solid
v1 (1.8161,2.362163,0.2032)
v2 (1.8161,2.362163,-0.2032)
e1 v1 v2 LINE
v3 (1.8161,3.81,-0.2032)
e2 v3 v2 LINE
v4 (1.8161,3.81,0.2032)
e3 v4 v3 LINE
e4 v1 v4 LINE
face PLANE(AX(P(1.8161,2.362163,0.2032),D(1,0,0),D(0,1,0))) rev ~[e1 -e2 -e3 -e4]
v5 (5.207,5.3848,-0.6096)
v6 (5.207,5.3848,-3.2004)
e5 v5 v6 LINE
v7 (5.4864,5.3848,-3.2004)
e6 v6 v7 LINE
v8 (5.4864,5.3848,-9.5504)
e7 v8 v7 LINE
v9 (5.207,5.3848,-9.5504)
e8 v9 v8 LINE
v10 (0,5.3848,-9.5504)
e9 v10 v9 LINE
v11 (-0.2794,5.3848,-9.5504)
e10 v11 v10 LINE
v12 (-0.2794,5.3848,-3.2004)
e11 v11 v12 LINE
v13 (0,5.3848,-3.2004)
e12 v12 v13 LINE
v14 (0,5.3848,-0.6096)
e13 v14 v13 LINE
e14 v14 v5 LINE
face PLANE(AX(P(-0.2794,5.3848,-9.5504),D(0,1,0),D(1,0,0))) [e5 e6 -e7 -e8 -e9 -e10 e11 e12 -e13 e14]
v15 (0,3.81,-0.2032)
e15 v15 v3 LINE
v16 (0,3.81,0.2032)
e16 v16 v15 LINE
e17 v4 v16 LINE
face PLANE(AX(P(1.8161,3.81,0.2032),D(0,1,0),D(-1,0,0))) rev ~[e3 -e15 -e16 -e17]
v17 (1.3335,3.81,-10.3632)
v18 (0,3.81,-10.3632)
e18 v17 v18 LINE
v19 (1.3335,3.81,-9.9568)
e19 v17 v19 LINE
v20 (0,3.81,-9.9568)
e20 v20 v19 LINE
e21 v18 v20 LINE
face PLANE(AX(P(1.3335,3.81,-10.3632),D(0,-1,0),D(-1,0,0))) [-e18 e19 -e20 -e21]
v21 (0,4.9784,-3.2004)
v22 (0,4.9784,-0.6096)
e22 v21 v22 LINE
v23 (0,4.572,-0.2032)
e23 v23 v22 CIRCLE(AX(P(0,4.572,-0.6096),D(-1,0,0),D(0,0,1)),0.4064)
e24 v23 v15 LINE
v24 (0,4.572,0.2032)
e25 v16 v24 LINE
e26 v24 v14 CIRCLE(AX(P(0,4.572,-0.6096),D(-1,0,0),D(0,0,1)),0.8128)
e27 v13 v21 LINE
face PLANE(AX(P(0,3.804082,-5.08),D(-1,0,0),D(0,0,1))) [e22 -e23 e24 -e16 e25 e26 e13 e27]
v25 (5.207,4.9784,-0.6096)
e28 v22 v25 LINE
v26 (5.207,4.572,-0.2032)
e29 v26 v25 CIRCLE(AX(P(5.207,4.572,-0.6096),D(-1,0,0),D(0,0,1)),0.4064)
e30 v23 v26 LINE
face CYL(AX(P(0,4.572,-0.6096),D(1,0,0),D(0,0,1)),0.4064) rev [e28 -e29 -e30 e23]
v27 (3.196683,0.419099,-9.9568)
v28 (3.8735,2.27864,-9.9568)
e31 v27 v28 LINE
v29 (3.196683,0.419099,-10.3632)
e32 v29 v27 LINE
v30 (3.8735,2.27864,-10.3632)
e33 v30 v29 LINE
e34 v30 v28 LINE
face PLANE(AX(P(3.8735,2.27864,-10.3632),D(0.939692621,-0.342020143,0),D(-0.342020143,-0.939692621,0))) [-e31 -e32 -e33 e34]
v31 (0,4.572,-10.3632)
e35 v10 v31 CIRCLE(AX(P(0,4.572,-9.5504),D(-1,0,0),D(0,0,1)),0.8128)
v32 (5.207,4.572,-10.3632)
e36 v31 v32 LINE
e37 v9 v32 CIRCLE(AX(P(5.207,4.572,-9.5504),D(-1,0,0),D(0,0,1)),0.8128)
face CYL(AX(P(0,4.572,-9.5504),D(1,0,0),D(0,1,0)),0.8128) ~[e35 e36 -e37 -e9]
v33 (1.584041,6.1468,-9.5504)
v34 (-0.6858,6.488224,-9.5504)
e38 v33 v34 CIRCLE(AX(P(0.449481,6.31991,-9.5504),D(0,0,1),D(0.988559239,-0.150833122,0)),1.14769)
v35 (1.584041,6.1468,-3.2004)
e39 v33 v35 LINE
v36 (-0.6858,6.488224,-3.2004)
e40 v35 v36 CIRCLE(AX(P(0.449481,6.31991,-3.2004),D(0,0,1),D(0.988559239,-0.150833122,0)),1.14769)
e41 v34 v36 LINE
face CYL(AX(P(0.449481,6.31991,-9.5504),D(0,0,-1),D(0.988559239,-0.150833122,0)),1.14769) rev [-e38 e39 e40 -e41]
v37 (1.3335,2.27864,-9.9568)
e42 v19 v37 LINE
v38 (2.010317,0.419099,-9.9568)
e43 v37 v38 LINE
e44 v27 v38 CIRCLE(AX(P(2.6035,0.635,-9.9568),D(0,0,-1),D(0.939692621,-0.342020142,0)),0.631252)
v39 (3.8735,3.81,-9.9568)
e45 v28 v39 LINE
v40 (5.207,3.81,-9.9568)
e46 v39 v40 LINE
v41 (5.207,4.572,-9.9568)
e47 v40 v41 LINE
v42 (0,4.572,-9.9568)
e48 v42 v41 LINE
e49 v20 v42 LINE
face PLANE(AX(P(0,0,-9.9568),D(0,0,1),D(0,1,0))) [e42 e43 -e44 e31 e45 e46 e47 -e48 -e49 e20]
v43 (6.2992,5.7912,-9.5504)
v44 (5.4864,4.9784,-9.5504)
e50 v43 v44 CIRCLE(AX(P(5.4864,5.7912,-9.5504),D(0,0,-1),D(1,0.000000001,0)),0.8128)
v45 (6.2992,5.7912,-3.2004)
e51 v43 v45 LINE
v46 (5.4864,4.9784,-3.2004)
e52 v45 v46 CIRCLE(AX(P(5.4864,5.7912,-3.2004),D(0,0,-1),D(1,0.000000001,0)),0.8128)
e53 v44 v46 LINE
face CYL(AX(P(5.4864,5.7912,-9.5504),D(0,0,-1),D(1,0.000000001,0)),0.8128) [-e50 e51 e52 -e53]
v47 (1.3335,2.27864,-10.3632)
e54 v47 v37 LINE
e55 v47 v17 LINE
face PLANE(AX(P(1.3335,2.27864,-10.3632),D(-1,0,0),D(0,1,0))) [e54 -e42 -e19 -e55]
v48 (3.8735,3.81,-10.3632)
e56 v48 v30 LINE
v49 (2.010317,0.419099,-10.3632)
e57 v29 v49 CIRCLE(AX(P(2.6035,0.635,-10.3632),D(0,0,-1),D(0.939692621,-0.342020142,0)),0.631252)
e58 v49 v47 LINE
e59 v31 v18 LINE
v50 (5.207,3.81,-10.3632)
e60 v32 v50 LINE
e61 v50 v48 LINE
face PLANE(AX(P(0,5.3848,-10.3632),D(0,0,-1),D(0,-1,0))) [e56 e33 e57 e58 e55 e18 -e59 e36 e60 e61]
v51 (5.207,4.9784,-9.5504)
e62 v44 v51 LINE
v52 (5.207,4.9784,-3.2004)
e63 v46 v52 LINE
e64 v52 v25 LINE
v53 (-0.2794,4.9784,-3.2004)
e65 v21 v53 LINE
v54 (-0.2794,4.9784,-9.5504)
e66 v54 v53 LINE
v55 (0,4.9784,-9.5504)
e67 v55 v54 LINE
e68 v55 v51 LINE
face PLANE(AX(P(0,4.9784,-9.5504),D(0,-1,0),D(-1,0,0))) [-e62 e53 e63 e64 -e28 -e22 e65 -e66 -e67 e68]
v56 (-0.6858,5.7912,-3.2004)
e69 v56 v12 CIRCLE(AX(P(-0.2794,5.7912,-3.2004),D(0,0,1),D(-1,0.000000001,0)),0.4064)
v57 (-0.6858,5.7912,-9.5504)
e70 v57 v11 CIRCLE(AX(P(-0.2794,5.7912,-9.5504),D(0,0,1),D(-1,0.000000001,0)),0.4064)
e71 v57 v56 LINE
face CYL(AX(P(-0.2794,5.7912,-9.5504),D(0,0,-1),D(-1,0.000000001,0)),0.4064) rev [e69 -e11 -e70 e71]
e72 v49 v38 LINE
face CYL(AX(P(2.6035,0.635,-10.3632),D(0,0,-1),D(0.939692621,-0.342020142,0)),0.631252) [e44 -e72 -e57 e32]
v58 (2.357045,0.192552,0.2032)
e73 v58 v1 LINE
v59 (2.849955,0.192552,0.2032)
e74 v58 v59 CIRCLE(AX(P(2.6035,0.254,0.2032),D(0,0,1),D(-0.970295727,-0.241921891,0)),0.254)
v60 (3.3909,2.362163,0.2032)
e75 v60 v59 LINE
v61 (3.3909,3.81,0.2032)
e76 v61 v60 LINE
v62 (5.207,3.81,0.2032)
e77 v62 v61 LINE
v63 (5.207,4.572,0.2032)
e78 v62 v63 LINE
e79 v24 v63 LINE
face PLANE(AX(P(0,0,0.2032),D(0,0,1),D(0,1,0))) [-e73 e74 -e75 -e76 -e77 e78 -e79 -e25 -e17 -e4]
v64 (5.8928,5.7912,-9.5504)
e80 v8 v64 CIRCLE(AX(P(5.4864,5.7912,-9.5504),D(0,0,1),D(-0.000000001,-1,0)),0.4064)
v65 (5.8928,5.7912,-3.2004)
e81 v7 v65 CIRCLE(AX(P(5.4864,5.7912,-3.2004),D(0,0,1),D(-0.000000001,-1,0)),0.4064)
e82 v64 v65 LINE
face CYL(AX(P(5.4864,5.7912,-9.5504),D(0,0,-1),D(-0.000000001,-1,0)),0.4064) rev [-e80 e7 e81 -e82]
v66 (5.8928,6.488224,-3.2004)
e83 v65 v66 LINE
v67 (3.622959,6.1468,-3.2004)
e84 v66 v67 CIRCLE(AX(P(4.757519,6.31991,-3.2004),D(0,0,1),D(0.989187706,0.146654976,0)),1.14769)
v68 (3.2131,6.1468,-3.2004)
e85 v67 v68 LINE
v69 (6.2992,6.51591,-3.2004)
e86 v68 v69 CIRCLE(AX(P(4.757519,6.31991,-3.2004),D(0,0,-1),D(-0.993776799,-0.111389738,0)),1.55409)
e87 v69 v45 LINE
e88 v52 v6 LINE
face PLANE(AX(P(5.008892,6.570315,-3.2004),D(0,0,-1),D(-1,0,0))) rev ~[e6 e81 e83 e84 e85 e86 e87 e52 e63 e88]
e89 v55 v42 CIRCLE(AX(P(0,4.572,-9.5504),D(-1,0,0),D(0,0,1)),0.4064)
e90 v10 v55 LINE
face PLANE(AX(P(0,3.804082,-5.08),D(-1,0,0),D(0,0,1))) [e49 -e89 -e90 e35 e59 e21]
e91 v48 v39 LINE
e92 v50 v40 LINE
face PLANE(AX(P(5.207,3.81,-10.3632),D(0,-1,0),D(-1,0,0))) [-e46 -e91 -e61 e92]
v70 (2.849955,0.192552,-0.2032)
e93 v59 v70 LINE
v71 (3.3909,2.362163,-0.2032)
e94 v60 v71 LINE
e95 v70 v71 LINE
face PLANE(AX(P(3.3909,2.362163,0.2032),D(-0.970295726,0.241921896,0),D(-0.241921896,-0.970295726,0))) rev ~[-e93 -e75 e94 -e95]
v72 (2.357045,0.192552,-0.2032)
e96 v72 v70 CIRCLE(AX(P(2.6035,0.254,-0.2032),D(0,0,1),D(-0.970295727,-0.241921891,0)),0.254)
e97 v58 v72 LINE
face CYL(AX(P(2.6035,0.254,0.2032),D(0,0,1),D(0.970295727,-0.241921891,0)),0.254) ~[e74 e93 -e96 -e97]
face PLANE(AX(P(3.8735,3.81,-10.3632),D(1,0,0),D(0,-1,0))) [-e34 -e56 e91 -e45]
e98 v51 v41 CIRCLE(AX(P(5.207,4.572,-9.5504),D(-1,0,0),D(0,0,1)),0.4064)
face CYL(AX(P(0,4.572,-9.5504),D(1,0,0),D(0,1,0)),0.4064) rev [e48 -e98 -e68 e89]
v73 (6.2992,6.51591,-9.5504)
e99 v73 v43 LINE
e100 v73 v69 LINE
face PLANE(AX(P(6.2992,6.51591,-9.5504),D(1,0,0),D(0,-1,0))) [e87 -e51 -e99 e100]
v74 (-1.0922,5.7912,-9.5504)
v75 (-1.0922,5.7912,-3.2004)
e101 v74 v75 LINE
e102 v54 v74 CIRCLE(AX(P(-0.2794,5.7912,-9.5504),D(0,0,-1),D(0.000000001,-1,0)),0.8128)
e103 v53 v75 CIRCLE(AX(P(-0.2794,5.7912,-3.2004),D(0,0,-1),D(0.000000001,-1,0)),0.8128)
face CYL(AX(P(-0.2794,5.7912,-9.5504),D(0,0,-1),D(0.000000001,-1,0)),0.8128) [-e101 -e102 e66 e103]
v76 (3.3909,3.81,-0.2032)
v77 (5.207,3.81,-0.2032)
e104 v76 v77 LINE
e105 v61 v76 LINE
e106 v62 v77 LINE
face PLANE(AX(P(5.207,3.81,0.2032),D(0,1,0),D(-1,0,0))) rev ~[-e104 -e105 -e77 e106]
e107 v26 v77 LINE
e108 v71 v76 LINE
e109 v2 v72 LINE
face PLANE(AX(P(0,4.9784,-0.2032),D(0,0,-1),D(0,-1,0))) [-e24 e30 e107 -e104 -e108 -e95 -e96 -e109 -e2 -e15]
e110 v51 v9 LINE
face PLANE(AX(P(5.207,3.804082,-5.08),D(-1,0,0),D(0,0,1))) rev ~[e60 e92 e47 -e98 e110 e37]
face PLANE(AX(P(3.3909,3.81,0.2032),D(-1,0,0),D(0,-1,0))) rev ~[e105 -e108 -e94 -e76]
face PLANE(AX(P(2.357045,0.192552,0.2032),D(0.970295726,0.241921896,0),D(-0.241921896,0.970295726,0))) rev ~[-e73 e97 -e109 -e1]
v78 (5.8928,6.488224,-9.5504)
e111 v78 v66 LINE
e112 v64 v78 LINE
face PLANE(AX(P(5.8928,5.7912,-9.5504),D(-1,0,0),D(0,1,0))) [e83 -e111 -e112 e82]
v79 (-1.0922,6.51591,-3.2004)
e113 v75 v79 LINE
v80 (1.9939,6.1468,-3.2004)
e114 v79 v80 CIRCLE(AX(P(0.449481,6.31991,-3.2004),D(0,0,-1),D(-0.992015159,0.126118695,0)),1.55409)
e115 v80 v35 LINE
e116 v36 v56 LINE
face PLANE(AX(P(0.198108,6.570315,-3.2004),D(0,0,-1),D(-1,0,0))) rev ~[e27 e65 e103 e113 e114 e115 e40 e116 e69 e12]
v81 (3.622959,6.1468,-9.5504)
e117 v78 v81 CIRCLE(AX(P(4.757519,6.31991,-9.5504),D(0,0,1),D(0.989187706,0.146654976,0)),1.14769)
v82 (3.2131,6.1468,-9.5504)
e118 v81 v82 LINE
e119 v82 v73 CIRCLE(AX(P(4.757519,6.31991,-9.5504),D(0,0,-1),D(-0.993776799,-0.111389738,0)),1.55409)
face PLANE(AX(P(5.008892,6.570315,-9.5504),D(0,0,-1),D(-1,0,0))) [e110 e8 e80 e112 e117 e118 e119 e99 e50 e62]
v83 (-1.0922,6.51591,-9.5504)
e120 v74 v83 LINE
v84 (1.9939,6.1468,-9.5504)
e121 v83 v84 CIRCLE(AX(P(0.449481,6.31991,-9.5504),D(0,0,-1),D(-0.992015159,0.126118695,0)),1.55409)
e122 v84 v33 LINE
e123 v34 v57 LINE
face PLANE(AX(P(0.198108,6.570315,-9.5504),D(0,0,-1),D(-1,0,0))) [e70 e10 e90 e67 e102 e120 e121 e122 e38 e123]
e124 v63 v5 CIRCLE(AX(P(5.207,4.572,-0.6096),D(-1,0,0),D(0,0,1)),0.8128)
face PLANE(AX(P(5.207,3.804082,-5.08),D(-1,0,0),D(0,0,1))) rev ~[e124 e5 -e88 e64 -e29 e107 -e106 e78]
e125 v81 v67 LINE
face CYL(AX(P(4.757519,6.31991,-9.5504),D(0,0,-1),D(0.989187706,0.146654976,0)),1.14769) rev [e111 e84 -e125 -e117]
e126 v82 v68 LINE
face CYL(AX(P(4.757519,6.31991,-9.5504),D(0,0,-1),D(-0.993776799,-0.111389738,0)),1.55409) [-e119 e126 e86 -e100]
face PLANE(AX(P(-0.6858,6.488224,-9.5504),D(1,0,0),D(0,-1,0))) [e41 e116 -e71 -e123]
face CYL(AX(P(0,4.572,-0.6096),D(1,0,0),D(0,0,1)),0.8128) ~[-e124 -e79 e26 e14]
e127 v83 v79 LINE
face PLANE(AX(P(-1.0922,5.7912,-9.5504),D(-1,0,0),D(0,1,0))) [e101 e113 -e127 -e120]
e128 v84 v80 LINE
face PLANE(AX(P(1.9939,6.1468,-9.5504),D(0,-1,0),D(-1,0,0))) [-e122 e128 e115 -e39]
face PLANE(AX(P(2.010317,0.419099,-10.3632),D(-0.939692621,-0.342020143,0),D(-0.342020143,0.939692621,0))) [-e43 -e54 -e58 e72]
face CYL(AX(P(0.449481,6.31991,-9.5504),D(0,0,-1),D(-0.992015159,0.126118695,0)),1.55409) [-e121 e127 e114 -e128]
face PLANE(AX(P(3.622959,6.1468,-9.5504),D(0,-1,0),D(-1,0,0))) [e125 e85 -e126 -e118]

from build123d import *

# Parameters (mm, degrees)
BOSS_EXTRUDE1_DEPTH = 5.207
CUT_EXTRUDE1_DEPTH  = 5.207
CUT_EXTRUDE2_DEPTH  = 5.207
FILLET1_R           = 0.4064
FILLET2_R           = 0.8128
BOSS_EXTRUDE2_DEPTH = 6.35


with BuildPart() as part:
    # Sketch1 → Boss-Extrude1 (new body)
    with BuildSketch(Plane(origin=(0, 0, 0), x_dir=(0, 0, -1), z_dir=(1, 0, 0))):
        Polygon((-0.2032, 0), (-0.2032, 5.3848), (10.3632, 5.3848), (10.3632, 0), (9.9568, 0), (9.9568, 4.9784), (0.2032, 4.9784), (0.2032, 0), align=None)
    extrude(amount=BOSS_EXTRUDE1_DEPTH)

    # Sketch2 → Cut-Extrude1 (cut)
    with BuildSketch(Plane(origin=(0, 0, -10.3632), x_dir=(-1, 0, 0), z_dir=(0, 0, -1))):
        with BuildLine():
            Line((-1.3335, 2.278639677), (-1.3335, 3.81))
            Line((-1.3335, 3.81), (0, 3.81))
            Line((0, 3.81), (0, -0.271412918))
            Line((0, -0.271412918), (-5.207, -0.271412918))
            Line((-5.207, -0.271412918), (-5.207, 3.81))
            Line((-5.207, 3.81), (-3.8735, 3.81))
            Line((-3.8735, 3.81), (-3.8735, 2.278639677))
            Line((-3.8735, 2.278639677), (-3.196682612, 0.419099186))
            ThreePointArc((-3.196682612, 0.419099186), (-2.6035, 0.003748249), (-2.010317388, 0.419099186))
            Line((-2.010317388, 0.419099186), (-1.3335, 2.278639677))
        make_face()
    extrude(amount=-CUT_EXTRUDE1_DEPTH, mode=Mode.SUBTRACT)

    # Sketch4 → Cut-Extrude2 (cut)
    with BuildSketch(Plane.XY.offset(0.2032)):
        with BuildLine():
            Line((0, 3.81), (0, -0.293581738))
            Line((0, -0.293581738), (5.207, -0.293581738))
            Line((5.207, -0.293581738), (5.207, 3.81))
            Line((5.207, 3.81), (3.3909, 3.81))
            Line((3.3909, 3.81), (3.3909, 2.362163271))
            Line((3.3909, 2.362163271), (2.849955114, 0.192551839))
            ThreePointArc((2.849955114, 0.192551839), (2.6035, 0), (2.357044886, 0.192551839))
            Line((2.357044886, 0.192551839), (1.8161, 2.362163271))
            Line((1.8161, 2.362163271), (1.8161, 3.81))
            Line((1.8161, 3.81), (0, 3.81))
        make_face()
    extrude(amount=-CUT_EXTRUDE2_DEPTH, mode=Mode.SUBTRACT)

    # Fillet1
    fillet1_edges = [part.edges().sort_by_distance(p)[0] for p in [
        (2.6035, 4.9784, -9.9568),
        (2.6035, 4.9784, -0.2032),
    ]]
    fillet(fillet1_edges, radius=FILLET1_R)

    # Fillet2
    fillet2_edges = [part.edges().sort_by_distance(p)[0] for p in [
        (2.6035, 5.3848, 0.2032),
        (2.6035, 5.3848, -10.3632),
    ]]
    fillet(fillet2_edges, radius=FILLET2_R)

    # Sketch5 → Boss-Extrude2 (add)
    with BuildSketch(Plane(origin=(0, 0, -9.5504), x_dir=(-1, 0, 0), z_dir=(0, 0, -1))):
        with BuildLine():
            Line((1.0922, 5.7912), (1.0922, 6.515909549))
            ThreePointArc((1.0922, 6.515909549), (-0.634040977, 7.863002154), (-1.9939, 6.1468))
            Line((-1.9939, 6.1468), (-1.584040966, 6.1468))
            ThreePointArc((-1.584040966, 6.1468), (-0.620193607, 7.454832725), (0.6858, 6.488224201))
            Line((0.6858, 6.488224201), (0.6858, 5.7912))
            ThreePointArc((0.6858, 5.7912), (0.566768196, 5.503831804), (0.2794, 5.3848))
            Line((0.2794, 5.3848), (0, 5.3848))
            Line((0, 5.3848), (0, 4.9784))
            Line((0, 4.9784), (0.2794, 4.9784))
            ThreePointArc((0.2794, 4.9784), (0.854136392, 5.216463608), (1.0922, 5.7912))
        make_face()
        with BuildLine():
            Line((-5.207, 4.9784), (-5.207, 5.3848))
            Line((-5.207, 5.3848), (-5.4864, 5.3848))
            ThreePointArc((-5.4864, 5.3848), (-5.773768196, 5.503831804), (-5.8928, 5.7912))
            Line((-5.8928, 5.7912), (-5.8928, 6.488224201))
            ThreePointArc((-5.8928, 6.488224201), (-4.586806393, 7.454832725), (-3.622959034, 6.1468))
            Line((-3.622959034, 6.1468), (-3.2131, 6.1468))
            ThreePointArc((-3.2131, 6.1468), (-4.572959023, 7.863002154), (-6.2992, 6.515909549))
            Line((-6.2992, 6.515909549), (-6.2992, 5.7912))
            ThreePointArc((-6.2992, 5.7912), (-6.061136392, 5.216463608), (-5.4864, 4.9784))
            Line((-5.4864, 4.9784), (-5.207, 4.9784))
        make_face()
    extrude(amount=-BOSS_EXTRUDE2_DEPTH)


solid = part.part
